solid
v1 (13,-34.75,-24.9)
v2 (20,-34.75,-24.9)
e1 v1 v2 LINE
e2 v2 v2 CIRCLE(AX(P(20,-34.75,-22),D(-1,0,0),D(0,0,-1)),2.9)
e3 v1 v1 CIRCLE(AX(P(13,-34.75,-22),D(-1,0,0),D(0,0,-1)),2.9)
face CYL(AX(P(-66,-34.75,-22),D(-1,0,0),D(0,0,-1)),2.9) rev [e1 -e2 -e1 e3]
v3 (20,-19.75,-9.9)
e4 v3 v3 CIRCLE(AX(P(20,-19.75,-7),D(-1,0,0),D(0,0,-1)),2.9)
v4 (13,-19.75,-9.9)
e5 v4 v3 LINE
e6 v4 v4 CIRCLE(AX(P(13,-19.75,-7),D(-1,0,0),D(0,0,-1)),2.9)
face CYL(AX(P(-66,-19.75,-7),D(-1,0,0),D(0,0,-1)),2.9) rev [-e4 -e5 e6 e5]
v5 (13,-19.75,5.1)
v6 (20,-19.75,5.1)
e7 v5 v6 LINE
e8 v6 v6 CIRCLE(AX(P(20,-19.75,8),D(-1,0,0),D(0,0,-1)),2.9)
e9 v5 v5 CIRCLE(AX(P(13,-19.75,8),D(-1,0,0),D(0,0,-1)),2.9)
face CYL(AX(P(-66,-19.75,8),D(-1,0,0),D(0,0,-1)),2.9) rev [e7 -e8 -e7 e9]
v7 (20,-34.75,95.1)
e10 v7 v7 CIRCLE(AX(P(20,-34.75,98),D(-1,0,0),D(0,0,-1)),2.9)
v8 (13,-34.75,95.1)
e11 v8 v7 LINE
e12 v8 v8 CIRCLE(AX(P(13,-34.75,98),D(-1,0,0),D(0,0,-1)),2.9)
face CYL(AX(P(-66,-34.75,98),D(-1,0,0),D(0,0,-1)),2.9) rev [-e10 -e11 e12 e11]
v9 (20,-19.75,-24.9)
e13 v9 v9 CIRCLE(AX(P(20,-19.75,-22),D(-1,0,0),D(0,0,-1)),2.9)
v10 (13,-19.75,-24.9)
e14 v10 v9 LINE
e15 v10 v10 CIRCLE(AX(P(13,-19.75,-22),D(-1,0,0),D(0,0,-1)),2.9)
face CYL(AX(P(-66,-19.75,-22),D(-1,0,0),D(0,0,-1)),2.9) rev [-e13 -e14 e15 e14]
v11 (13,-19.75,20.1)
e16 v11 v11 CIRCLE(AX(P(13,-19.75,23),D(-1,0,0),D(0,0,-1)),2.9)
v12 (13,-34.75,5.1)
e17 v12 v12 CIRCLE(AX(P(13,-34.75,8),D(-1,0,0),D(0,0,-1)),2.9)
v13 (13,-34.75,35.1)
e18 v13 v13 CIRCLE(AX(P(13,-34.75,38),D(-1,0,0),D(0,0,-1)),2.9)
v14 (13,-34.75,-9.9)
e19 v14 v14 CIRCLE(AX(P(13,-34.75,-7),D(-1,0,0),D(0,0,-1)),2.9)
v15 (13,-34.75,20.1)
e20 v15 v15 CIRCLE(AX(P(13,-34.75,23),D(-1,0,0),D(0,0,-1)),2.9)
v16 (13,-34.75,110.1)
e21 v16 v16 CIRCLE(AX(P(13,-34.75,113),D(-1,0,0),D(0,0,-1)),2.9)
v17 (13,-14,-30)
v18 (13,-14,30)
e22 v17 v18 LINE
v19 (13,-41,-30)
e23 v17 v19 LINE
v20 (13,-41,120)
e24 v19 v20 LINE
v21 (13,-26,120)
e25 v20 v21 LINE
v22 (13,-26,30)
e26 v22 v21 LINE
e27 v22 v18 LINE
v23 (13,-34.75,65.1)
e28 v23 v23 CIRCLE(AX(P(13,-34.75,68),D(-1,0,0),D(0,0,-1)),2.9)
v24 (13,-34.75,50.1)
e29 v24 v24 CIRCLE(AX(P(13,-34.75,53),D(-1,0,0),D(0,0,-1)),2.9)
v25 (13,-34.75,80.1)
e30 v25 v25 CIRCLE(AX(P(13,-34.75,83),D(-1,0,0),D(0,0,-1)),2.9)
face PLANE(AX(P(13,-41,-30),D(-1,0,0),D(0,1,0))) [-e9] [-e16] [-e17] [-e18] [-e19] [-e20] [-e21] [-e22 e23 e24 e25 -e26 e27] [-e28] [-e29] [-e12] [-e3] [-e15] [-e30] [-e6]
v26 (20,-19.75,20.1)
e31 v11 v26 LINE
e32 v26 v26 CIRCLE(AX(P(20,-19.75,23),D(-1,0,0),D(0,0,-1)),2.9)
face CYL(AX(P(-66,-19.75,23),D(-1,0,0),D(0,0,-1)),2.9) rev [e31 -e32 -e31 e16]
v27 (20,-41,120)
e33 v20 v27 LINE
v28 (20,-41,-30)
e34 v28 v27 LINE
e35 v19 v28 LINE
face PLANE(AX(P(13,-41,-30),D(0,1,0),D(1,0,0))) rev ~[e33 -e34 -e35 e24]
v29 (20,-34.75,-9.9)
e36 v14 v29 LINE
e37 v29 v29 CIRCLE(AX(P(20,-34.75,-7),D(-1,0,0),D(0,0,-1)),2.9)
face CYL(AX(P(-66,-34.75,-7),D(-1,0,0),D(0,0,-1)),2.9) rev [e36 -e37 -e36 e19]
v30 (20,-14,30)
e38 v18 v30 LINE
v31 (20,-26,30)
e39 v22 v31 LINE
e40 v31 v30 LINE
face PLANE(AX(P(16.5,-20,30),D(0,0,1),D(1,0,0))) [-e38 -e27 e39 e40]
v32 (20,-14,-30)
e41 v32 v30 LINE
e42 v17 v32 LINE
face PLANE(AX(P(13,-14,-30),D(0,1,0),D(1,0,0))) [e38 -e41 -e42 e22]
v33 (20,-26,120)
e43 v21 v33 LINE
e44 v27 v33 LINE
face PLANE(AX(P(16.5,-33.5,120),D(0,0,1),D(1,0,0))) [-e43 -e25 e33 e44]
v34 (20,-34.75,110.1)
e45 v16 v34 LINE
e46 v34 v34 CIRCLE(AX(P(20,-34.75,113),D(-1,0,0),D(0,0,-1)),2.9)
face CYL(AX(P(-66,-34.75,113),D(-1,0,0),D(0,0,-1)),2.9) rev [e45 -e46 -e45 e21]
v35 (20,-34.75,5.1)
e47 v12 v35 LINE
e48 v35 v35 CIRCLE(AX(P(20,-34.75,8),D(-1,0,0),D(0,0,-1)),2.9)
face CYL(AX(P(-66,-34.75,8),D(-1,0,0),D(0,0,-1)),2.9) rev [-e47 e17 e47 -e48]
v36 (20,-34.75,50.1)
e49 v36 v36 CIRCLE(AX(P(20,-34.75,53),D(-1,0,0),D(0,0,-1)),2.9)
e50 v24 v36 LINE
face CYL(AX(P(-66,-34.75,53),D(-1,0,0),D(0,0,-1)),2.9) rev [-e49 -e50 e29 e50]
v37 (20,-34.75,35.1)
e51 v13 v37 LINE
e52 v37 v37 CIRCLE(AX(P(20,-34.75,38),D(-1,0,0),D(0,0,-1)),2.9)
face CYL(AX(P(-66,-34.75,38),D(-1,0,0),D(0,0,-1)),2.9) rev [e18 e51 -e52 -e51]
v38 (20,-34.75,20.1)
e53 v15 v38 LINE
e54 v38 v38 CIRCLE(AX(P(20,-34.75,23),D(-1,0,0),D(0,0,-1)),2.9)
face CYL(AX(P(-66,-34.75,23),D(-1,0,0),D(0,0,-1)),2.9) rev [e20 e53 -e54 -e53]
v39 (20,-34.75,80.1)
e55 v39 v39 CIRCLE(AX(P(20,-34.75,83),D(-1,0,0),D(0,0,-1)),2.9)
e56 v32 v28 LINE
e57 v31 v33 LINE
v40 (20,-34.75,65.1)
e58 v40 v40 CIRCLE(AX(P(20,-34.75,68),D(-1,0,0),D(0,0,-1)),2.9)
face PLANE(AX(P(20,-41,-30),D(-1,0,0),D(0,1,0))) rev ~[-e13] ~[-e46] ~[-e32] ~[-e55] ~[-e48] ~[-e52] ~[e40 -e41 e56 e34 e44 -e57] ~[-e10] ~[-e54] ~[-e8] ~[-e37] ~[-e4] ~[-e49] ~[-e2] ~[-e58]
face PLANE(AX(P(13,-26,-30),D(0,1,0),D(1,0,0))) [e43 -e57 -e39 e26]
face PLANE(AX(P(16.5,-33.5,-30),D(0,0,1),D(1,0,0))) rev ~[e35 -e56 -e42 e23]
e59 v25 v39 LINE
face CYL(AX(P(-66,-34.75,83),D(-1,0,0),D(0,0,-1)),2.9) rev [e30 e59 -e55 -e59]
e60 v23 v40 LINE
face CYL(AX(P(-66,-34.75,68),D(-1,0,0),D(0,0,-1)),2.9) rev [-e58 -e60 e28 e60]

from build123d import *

# Parameters (mm, degrees)
CYLINDER021_R     = 2.9
CYLINDER021_DEPTH = 132
CYLINDER022_R     = 2.9
CYLINDER022_DEPTH = 132
CYLINDER023_R     = 2.9
CYLINDER023_DEPTH = 132
CYLINDER024_R     = 2.9
CYLINDER024_DEPTH = 132
CYLINDER025_R     = 2.9
CYLINDER025_DEPTH = 132
CYLINDER026_R     = 2.9
CYLINDER026_DEPTH = 132
CYLINDER027_R     = 2.9
CYLINDER027_DEPTH = 132
CYLINDER028_R     = 2.9
CYLINDER028_DEPTH = 132
CYLINDER029_R     = 2.9
CYLINDER029_DEPTH = 132
CYLINDER030_R     = 2.9
CYLINDER030_DEPTH = 132
CYLINDER031_R     = 2.9
CYLINDER031_DEPTH = 132
CYLINDER032_R     = 2.9
CYLINDER032_DEPTH = 132
CYLINDER033_R     = 2.9
CYLINDER033_DEPTH = 132
CYLINDER034_R     = 2.9
CYLINDER034_DEPTH = 132
CYLINDER035_R     = 2.9
CYLINDER035_DEPTH = 132
CYLINDER036_R     = 2.9
CYLINDER036_DEPTH = 132
CYLINDER037_R     = 2.9
CYLINDER037_DEPTH = 132
CYLINDER038_R     = 2.9
CYLINDER038_DEPTH = 132
CYLINDER039_R     = 2.9
CYLINDER039_DEPTH = 132
CYLINDER020_R     = 2.9
CYLINDER020_DEPTH = 132
CYLINDER001_R     = 2.9
CYLINDER001_DEPTH = 132
CYLINDER002_R     = 2.9
CYLINDER002_DEPTH = 132
CYLINDER003_R     = 2.9
CYLINDER003_DEPTH = 132
CYLINDER004_R     = 2.9
CYLINDER004_DEPTH = 132
CYLINDER005_R     = 2.9
CYLINDER005_DEPTH = 132
CYLINDER006_R     = 2.9
CYLINDER006_DEPTH = 132
CYLINDER007_R     = 2.9
CYLINDER007_DEPTH = 132
CYLINDER008_R     = 2.9
CYLINDER008_DEPTH = 132
CYLINDER009_R     = 2.9
CYLINDER009_DEPTH = 132
CYLINDER010_R     = 2.9
CYLINDER010_DEPTH = 132
CYLINDER011_R     = 2.9
CYLINDER011_DEPTH = 132
CYLINDER012_R     = 2.9
CYLINDER012_DEPTH = 132
CYLINDER013_R     = 2.9
CYLINDER013_DEPTH = 132
CYLINDER014_R     = 2.9
CYLINDER014_DEPTH = 132
CYLINDER015_R     = 2.9
CYLINDER015_DEPTH = 132
CYLINDER016_R     = 2.9
CYLINDER016_DEPTH = 132
CYLINDER017_R     = 2.9
CYLINDER017_DEPTH = 132
CYLINDER018_R     = 2.9
CYLINDER018_DEPTH = 132
CYLINDER019_R     = 2.9
CYLINDER019_DEPTH = 132
CYLINDER_R        = 2.9
CYLINDER_DEPTH    = 132
CUBE001_W         = 7
CUBE001_H         = 15
CUBE001_DEPTH     = 150
CUBE_W            = 7
CUBE_H            = 12
CUBE_DEPTH        = 60


with BuildPart() as cylinder021:
    # cylinder021 → cylinder021 (new body)
    with BuildSketch(Plane(origin=(-66, 0, 25), x_dir=(0, 0, -1), z_dir=(1, 0, 0))):
        Circle(CYLINDER021_R)
    extrude(amount=CYLINDER021_DEPTH)


with BuildPart() as cylinder022:
    # cylinder022 → cylinder022 (new body)
    with BuildSketch(Plane(origin=(-66, 0, 40), x_dir=(0, 0, -1), z_dir=(1, 0, 0))):
        Circle(CYLINDER022_R)
    extrude(amount=CYLINDER022_DEPTH)


with BuildPart() as cylinder023:
    # cylinder023 → cylinder023 (new body)
    with BuildSketch(Plane(origin=(-66, 0, 55), x_dir=(0, 0, -1), z_dir=(1, 0, 0))):
        Circle(CYLINDER023_R)
    extrude(amount=CYLINDER023_DEPTH)


with BuildPart() as cylinder024:
    # cylinder024 → cylinder024 (new body)
    with BuildSketch(Plane(origin=(-66, 0, 70), x_dir=(0, 0, -1), z_dir=(1, 0, 0))):
        Circle(CYLINDER024_R)
    extrude(amount=CYLINDER024_DEPTH)


with BuildPart() as cylinder025:
    # cylinder025 → cylinder025 (new body)
    with BuildSketch(Plane(origin=(-66, 0, 85), x_dir=(0, 0, -1), z_dir=(1, 0, 0))):
        Circle(CYLINDER025_R)
    extrude(amount=CYLINDER025_DEPTH)


with BuildPart() as cylinder026:
    # cylinder026 → cylinder026 (new body)
    with BuildSketch(Plane(origin=(-66, 0, 100), x_dir=(0, 0, -1), z_dir=(1, 0, 0))):
        Circle(CYLINDER026_R)
    extrude(amount=CYLINDER026_DEPTH)


with BuildPart() as cylinder027:
    # cylinder027 → cylinder027 (new body)
    with BuildSketch(Plane(origin=(-66, 0, 115), x_dir=(0, 0, -1), z_dir=(1, 0, 0))):
        Circle(CYLINDER027_R)
    extrude(amount=CYLINDER027_DEPTH)


with BuildPart() as cylinder028:
    # cylinder028 → cylinder028 (new body)
    with BuildSketch(Plane(origin=(-66, 0, 130), x_dir=(0, 0, -1), z_dir=(1, 0, 0))):
        Circle(CYLINDER028_R)
    extrude(amount=CYLINDER028_DEPTH)


with BuildPart() as cylinder029:
    # cylinder029 → cylinder029 (new body)
    with BuildSketch(Plane(origin=(-66, 0, 145), x_dir=(0, 0, -1), z_dir=(1, 0, 0))):
        Circle(CYLINDER029_R)
    extrude(amount=CYLINDER029_DEPTH)


with BuildPart() as cylinder030:
    # cylinder030 → cylinder030 (new body)
    with BuildSketch(Plane(origin=(-66, 0, 160), x_dir=(0, 0, -1), z_dir=(1, 0, 0))):
        Circle(CYLINDER030_R)
    extrude(amount=CYLINDER030_DEPTH)


with BuildPart() as cylinder031:
    # cylinder031 → cylinder031 (new body)
    with BuildSketch(Plane(origin=(-66, 0, 175), x_dir=(0, 0, -1), z_dir=(1, 0, 0))):
        Circle(CYLINDER031_R)
    extrude(amount=CYLINDER031_DEPTH)


with BuildPart() as cylinder032:
    # cylinder032 → cylinder032 (new body)
    with BuildSketch(Plane(origin=(-66, 0, 190), x_dir=(0, 0, -1), z_dir=(1, 0, 0))):
        Circle(CYLINDER032_R)
    extrude(amount=CYLINDER032_DEPTH)


with BuildPart() as cylinder033:
    # cylinder033 → cylinder033 (new body)
    with BuildSketch(Plane(origin=(-66, 0, 205), x_dir=(0, 0, -1), z_dir=(1, 0, 0))):
        Circle(CYLINDER033_R)
    extrude(amount=CYLINDER033_DEPTH)


with BuildPart() as cylinder034:
    # cylinder034 → cylinder034 (new body)
    with BuildSketch(Plane(origin=(-66, 0, 220), x_dir=(0, 0, -1), z_dir=(1, 0, 0))):
        Circle(CYLINDER034_R)
    extrude(amount=CYLINDER034_DEPTH)


with BuildPart() as cylinder035:
    # cylinder035 → cylinder035 (new body)
    with BuildSketch(Plane(origin=(-66, 0, 235), x_dir=(0, 0, -1), z_dir=(1, 0, 0))):
        Circle(CYLINDER035_R)
    extrude(amount=CYLINDER035_DEPTH)


with BuildPart() as cylinder036:
    # cylinder036 → cylinder036 (new body)
    with BuildSketch(Plane(origin=(-66, 0, 250), x_dir=(0, 0, -1), z_dir=(1, 0, 0))):
        Circle(CYLINDER036_R)
    extrude(amount=CYLINDER036_DEPTH)


with BuildPart() as cylinder037:
    # cylinder037 → cylinder037 (new body)
    with BuildSketch(Plane(origin=(-66, 0, 265), x_dir=(0, 0, -1), z_dir=(1, 0, 0))):
        Circle(CYLINDER037_R)
    extrude(amount=CYLINDER037_DEPTH)


with BuildPart() as cylinder038:
    # cylinder038 → cylinder038 (new body)
    with BuildSketch(Plane(origin=(-66, 0, 280), x_dir=(0, 0, -1), z_dir=(1, 0, 0))):
        Circle(CYLINDER038_R)
    extrude(amount=CYLINDER038_DEPTH)


with BuildPart() as cylinder039:
    # cylinder039 → cylinder039 (new body)
    with BuildSketch(Plane(origin=(-66, 0, 295), x_dir=(0, 0, -1), z_dir=(1, 0, 0))):
        Circle(CYLINDER039_R)
    extrude(amount=CYLINDER039_DEPTH)


with BuildPart() as group001:
    # cylinder020 → cylinder020 (new body)
    with BuildSketch(Plane(origin=(-66, 0, 10), x_dir=(0, 0, -1), z_dir=(1, 0, 0))):
        Circle(CYLINDER020_R)
    extrude(amount=CYLINDER020_DEPTH)

    # Group001: union cylinder021, cylinder022, cylinder023, cylinder024, cylinder025, cylinder026, cylinder027, cylinder028, cylinder029, cylinder030, cylinder031, cylinder032, cylinder033, cylinder034, cylinder035, cylinder036, cylinder037, cylinder038, cylinder039
    add(cylinder021.part)
    add(cylinder022.part)
    add(cylinder023.part)
    add(cylinder024.part)
    add(cylinder025.part)
    add(cylinder026.part)
    add(cylinder027.part)
    add(cylinder028.part)
    add(cylinder029.part)
    add(cylinder030.part)
    add(cylinder031.part)
    add(cylinder032.part)
    add(cylinder033.part)
    add(cylinder034.part)
    add(cylinder035.part)
    add(cylinder036.part)
    add(cylinder037.part)
    add(cylinder038.part)
    add(cylinder039.part)


with BuildPart() as group001_1:
    # Group001 placement: moved
    add(group001.part.moved(Location((0, -34.75, -32))))


with BuildPart() as cylinder001:
    # cylinder001 → cylinder001 (new body)
    with BuildSketch(Plane(origin=(-66, 0, 25), x_dir=(0, 0, -1), z_dir=(1, 0, 0))):
        Circle(CYLINDER001_R)
    extrude(amount=CYLINDER001_DEPTH)


with BuildPart() as cylinder002:
    # cylinder002 → cylinder002 (new body)
    with BuildSketch(Plane(origin=(-66, 0, 40), x_dir=(0, 0, -1), z_dir=(1, 0, 0))):
        Circle(CYLINDER002_R)
    extrude(amount=CYLINDER002_DEPTH)


with BuildPart() as cylinder003:
    # cylinder003 → cylinder003 (new body)
    with BuildSketch(Plane(origin=(-66, 0, 55), x_dir=(0, 0, -1), z_dir=(1, 0, 0))):
        Circle(CYLINDER003_R)
    extrude(amount=CYLINDER003_DEPTH)


with BuildPart() as cylinder004:
    # cylinder004 → cylinder004 (new body)
    with BuildSketch(Plane(origin=(-66, 0, 70), x_dir=(0, 0, -1), z_dir=(1, 0, 0))):
        Circle(CYLINDER004_R)
    extrude(amount=CYLINDER004_DEPTH)


with BuildPart() as cylinder005:
    # cylinder005 → cylinder005 (new body)
    with BuildSketch(Plane(origin=(-66, 0, 85), x_dir=(0, 0, -1), z_dir=(1, 0, 0))):
        Circle(CYLINDER005_R)
    extrude(amount=CYLINDER005_DEPTH)


with BuildPart() as cylinder006:
    # cylinder006 → cylinder006 (new body)
    with BuildSketch(Plane(origin=(-66, 0, 100), x_dir=(0, 0, -1), z_dir=(1, 0, 0))):
        Circle(CYLINDER006_R)
    extrude(amount=CYLINDER006_DEPTH)


with BuildPart() as cylinder007:
    # cylinder007 → cylinder007 (new body)
    with BuildSketch(Plane(origin=(-66, 0, 115), x_dir=(0, 0, -1), z_dir=(1, 0, 0))):
        Circle(CYLINDER007_R)
    extrude(amount=CYLINDER007_DEPTH)


with BuildPart() as cylinder008:
    # cylinder008 → cylinder008 (new body)
    with BuildSketch(Plane(origin=(-66, 0, 130), x_dir=(0, 0, -1), z_dir=(1, 0, 0))):
        Circle(CYLINDER008_R)
    extrude(amount=CYLINDER008_DEPTH)


with BuildPart() as cylinder009:
    # cylinder009 → cylinder009 (new body)
    with BuildSketch(Plane(origin=(-66, 0, 145), x_dir=(0, 0, -1), z_dir=(1, 0, 0))):
        Circle(CYLINDER009_R)
    extrude(amount=CYLINDER009_DEPTH)


with BuildPart() as cylinder010:
    # cylinder010 → cylinder010 (new body)
    with BuildSketch(Plane(origin=(-66, 0, 160), x_dir=(0, 0, -1), z_dir=(1, 0, 0))):
        Circle(CYLINDER010_R)
    extrude(amount=CYLINDER010_DEPTH)


with BuildPart() as cylinder011:
    # cylinder011 → cylinder011 (new body)
    with BuildSketch(Plane(origin=(-66, 0, 175), x_dir=(0, 0, -1), z_dir=(1, 0, 0))):
        Circle(CYLINDER011_R)
    extrude(amount=CYLINDER011_DEPTH)


with BuildPart() as cylinder012:
    # cylinder012 → cylinder012 (new body)
    with BuildSketch(Plane(origin=(-66, 0, 190), x_dir=(0, 0, -1), z_dir=(1, 0, 0))):
        Circle(CYLINDER012_R)
    extrude(amount=CYLINDER012_DEPTH)


with BuildPart() as cylinder013:
    # cylinder013 → cylinder013 (new body)
    with BuildSketch(Plane(origin=(-66, 0, 205), x_dir=(0, 0, -1), z_dir=(1, 0, 0))):
        Circle(CYLINDER013_R)
    extrude(amount=CYLINDER013_DEPTH)


with BuildPart() as cylinder014:
    # cylinder014 → cylinder014 (new body)
    with BuildSketch(Plane(origin=(-66, 0, 220), x_dir=(0, 0, -1), z_dir=(1, 0, 0))):
        Circle(CYLINDER014_R)
    extrude(amount=CYLINDER014_DEPTH)


with BuildPart() as cylinder015:
    # cylinder015 → cylinder015 (new body)
    with BuildSketch(Plane(origin=(-66, 0, 235), x_dir=(0, 0, -1), z_dir=(1, 0, 0))):
        Circle(CYLINDER015_R)
    extrude(amount=CYLINDER015_DEPTH)


with BuildPart() as cylinder016:
    # cylinder016 → cylinder016 (new body)
    with BuildSketch(Plane(origin=(-66, 0, 250), x_dir=(0, 0, -1), z_dir=(1, 0, 0))):
        Circle(CYLINDER016_R)
    extrude(amount=CYLINDER016_DEPTH)


with BuildPart() as cylinder017:
    # cylinder017 → cylinder017 (new body)
    with BuildSketch(Plane(origin=(-66, 0, 265), x_dir=(0, 0, -1), z_dir=(1, 0, 0))):
        Circle(CYLINDER017_R)
    extrude(amount=CYLINDER017_DEPTH)


with BuildPart() as cylinder018:
    # cylinder018 → cylinder018 (new body)
    with BuildSketch(Plane(origin=(-66, 0, 280), x_dir=(0, 0, -1), z_dir=(1, 0, 0))):
        Circle(CYLINDER018_R)
    extrude(amount=CYLINDER018_DEPTH)


with BuildPart() as cylinder019:
    # cylinder019 → cylinder019 (new body)
    with BuildSketch(Plane(origin=(-66, 0, 295), x_dir=(0, 0, -1), z_dir=(1, 0, 0))):
        Circle(CYLINDER019_R)
    extrude(amount=CYLINDER019_DEPTH)


with BuildPart() as union:
    # cylinder → cylinder (new body)
    with BuildSketch(Plane(origin=(-66, 0, 10), x_dir=(0, 0, -1), z_dir=(1, 0, 0))):
        Circle(CYLINDER_R)
    extrude(amount=CYLINDER_DEPTH)

    # Group: union cylinder001, cylinder002, cylinder003, cylinder004, cylinder005, cylinder006, cylinder007, cylinder008, cylinder009, cylinder010, cylinder011, cylinder012, cylinder013, cylinder014, cylinder015, cylinder016, cylinder017, cylinder018, cylinder019
    add(cylinder001.part)
    add(cylinder002.part)
    add(cylinder003.part)
    add(cylinder004.part)
    add(cylinder005.part)
    add(cylinder006.part)
    add(cylinder007.part)
    add(cylinder008.part)
    add(cylinder009.part)
    add(cylinder010.part)
    add(cylinder011.part)
    add(cylinder012.part)
    add(cylinder013.part)
    add(cylinder014.part)
    add(cylinder015.part)
    add(cylinder016.part)
    add(cylinder017.part)
    add(cylinder018.part)
    add(cylinder019.part)


with BuildPart() as union_1:
    # Group placement: moved
    add(union.part.moved(Location((0, -19.75, -32))))

    # union: union Group001
    add(group001_1.part)


with BuildPart() as cube001:
    # cube001 → cube001 (new body)
    with BuildSketch(Plane(origin=(-3.5, -21, -30), x_dir=(1, 0, 0), z_dir=(0, 0, 1))):
        with Locations((3.5, 7.5)):
            Rectangle(CUBE001_W, CUBE001_H)
    extrude(amount=CUBE001_DEPTH)


with BuildPart() as difference:
    # cube → cube (new body)
    with BuildSketch(Plane(origin=(-3.5, -6, -30), x_dir=(1, 0, 0), z_dir=(0, 0, 1))):
        with Locations((3.5, 6)):
            Rectangle(CUBE_W, CUBE_H)
    extrude(amount=CUBE_DEPTH)

    # Matrix_Union: union cube001
    add(cube001.part)


with BuildPart() as difference_1:
    # Matrix_Union placement: moved
    add(difference.part.moved(Location((16.5, -20, 0))))

    # difference: cut union
    add(union_1.part, mode=Mode.SUBTRACT)


solid = difference_1.part
